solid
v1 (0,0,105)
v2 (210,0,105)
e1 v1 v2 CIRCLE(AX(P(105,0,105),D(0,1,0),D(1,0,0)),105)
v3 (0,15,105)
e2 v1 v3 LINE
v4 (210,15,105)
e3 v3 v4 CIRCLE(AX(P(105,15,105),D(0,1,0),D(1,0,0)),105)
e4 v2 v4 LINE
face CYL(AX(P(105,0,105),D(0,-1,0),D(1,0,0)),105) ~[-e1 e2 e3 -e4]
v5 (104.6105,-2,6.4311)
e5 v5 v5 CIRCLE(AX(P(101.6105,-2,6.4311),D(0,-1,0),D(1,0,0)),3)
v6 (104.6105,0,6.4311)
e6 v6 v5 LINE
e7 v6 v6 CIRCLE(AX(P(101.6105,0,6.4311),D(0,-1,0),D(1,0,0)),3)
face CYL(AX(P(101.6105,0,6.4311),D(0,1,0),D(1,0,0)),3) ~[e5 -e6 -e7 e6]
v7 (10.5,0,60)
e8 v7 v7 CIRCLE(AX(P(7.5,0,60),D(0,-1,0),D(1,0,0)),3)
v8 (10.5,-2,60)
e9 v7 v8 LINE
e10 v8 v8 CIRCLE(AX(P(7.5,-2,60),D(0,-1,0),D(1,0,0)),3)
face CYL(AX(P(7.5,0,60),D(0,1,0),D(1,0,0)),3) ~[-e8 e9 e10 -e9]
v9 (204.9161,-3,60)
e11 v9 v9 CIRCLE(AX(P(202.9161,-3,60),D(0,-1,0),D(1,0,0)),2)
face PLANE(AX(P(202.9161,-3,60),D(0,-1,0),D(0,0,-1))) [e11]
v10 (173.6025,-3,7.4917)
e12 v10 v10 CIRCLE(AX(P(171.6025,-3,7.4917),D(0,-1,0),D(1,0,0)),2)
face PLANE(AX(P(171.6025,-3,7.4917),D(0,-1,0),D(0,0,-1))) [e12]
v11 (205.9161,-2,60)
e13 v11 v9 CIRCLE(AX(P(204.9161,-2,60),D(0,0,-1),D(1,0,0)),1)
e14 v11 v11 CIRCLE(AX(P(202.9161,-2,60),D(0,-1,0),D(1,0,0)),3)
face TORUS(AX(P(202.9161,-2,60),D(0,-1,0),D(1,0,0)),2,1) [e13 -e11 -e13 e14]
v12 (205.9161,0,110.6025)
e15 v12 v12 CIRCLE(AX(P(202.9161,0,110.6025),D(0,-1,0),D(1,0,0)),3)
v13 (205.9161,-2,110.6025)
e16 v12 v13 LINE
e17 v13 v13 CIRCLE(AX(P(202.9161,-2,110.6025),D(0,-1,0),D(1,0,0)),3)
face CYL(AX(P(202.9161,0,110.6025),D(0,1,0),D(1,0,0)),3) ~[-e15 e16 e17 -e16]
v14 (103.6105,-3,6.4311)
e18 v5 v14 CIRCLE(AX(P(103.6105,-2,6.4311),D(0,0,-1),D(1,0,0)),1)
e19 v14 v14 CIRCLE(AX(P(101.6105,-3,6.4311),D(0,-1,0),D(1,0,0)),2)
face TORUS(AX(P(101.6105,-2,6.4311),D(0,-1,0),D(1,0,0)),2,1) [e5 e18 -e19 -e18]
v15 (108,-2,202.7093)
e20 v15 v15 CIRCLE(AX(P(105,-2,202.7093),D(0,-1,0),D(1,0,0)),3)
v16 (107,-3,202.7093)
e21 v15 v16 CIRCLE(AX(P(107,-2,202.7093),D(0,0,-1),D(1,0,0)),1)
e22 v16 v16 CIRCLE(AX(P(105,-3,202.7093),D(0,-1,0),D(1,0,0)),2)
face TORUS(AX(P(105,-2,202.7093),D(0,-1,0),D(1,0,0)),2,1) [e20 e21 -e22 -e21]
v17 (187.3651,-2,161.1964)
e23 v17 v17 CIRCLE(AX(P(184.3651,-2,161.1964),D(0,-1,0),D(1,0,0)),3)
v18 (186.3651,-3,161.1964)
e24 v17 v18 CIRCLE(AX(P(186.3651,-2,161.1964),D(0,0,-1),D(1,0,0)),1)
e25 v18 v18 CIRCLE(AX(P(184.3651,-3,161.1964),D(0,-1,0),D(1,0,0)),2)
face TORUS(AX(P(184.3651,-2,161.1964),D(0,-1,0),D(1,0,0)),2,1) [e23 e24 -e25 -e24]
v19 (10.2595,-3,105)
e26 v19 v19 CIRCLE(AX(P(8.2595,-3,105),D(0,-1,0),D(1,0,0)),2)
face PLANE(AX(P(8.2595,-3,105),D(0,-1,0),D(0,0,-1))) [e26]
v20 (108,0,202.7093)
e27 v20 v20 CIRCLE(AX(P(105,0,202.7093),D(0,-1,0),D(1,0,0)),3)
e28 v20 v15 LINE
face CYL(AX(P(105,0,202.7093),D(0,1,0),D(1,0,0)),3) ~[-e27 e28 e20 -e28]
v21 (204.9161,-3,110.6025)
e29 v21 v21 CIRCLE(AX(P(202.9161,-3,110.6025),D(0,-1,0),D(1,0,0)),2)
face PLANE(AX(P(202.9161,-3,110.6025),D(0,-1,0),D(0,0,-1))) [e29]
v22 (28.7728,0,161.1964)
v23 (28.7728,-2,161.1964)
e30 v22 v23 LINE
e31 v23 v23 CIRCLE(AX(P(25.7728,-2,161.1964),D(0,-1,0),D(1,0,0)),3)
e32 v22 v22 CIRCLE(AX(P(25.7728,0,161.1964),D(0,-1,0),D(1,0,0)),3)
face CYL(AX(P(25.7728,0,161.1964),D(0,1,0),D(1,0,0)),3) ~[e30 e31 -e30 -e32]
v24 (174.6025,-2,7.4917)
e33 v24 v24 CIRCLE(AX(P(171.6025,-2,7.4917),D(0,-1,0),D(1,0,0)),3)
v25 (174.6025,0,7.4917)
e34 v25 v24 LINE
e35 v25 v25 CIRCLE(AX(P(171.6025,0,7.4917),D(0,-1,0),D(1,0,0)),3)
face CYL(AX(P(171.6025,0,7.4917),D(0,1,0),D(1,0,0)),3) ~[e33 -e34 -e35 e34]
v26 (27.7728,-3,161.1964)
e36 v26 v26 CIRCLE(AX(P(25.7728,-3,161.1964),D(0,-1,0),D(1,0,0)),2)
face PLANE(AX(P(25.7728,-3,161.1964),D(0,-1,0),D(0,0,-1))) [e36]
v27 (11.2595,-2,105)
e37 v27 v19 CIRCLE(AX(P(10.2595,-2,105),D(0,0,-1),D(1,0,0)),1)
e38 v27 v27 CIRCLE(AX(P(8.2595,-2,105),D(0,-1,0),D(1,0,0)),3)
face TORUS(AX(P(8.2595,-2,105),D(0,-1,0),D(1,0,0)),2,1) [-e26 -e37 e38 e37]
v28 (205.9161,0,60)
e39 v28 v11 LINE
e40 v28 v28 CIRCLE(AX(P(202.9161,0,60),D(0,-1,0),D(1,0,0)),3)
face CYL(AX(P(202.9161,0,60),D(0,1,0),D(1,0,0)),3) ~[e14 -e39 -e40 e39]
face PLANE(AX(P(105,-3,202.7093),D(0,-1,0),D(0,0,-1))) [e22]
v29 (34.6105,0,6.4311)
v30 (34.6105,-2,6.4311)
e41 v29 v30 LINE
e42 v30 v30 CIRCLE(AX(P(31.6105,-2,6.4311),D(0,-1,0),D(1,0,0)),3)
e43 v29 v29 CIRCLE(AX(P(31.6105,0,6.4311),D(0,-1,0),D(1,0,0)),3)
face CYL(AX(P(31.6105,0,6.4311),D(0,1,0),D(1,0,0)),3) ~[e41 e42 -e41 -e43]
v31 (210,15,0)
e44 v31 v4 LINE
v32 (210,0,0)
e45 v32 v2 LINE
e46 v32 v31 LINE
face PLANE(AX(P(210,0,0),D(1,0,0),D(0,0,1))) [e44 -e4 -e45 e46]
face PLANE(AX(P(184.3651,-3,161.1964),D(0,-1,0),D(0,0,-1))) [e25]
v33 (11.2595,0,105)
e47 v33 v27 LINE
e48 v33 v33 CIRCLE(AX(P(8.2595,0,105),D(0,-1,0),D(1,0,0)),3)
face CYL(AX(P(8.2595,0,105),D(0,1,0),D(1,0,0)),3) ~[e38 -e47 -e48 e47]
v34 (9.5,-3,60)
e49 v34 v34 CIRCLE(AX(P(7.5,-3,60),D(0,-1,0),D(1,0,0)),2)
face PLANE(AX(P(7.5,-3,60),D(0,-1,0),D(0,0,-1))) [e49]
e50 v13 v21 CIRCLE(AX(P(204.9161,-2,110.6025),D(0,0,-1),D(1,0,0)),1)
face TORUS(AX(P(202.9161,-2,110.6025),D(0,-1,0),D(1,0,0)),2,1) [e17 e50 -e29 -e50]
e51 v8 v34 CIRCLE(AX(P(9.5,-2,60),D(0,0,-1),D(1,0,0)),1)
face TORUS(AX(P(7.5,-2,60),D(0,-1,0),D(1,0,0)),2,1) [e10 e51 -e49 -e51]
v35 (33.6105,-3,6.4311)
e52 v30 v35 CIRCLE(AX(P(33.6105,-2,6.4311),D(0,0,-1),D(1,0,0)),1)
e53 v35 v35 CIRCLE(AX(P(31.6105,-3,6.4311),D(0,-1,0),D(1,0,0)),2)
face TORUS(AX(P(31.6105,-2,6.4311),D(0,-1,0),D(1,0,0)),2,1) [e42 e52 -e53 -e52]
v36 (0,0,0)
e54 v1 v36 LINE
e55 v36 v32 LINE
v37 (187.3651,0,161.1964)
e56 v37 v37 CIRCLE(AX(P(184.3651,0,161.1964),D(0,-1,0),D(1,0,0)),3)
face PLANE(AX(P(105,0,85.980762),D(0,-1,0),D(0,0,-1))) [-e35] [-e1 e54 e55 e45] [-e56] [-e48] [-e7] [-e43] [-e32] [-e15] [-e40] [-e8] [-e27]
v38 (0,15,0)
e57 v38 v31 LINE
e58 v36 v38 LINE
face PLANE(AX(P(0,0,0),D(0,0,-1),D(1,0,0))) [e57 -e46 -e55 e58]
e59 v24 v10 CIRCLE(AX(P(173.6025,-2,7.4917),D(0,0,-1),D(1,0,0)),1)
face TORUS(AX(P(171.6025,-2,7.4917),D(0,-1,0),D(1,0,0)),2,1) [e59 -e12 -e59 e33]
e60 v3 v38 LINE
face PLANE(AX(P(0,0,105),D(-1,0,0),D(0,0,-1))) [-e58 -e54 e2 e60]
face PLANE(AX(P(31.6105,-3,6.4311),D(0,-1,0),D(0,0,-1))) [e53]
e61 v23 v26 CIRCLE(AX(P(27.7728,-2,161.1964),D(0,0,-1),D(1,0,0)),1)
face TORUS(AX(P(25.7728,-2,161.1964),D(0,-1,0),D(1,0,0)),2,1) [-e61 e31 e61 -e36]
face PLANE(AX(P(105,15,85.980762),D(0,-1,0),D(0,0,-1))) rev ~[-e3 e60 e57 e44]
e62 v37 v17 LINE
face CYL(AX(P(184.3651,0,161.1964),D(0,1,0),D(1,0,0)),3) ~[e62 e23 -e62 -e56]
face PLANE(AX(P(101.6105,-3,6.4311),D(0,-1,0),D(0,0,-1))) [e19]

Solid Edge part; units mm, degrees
sketch "Sketch1" plane through (0, 0, 0) normal (0, -1, 0) x (1, 0, 0)
  line L0 (210, 0) -> (210, 105)
  line L1 (0, 0) -> (210, 0)
  line L2 (0, 105) -> (0, 0)
  arc A0 (0, 105) -> (210, 105) centre (105, 105) cw
extrude "Protrusion1" add sketch "Sketch1" against normal blind 15
sketch "Sketch2" plane through (0, 0, 0) normal (0, -1, 0) x (1, 0, 0)
  circle A0 centre (105, 202.7093) radius 3
  circle A1 centre (184.3651, 161.1964) radius 3
  circle A2 centre (202.9161, 110.6025) radius 3
  circle A3 centre (202.9161, 60) radius 3
  circle A4 centre (171.6025, 7.4917) radius 3
  circle A5 centre (101.6105, 6.4311) radius 3
  circle A6 centre (7.5, 60) radius 3
  circle A7 centre (31.6105, 6.4311) radius 3
  circle A8 centre (8.2595, 105) radius 3
  circle A9 centre (25.7728, 161.1964) radius 3
extrude "ExtrudedProtrusion_2" add sketch "Sketch2" along normal blind 3
fillet "Round_3" radius 1 10 edges at (22.7728, -3, 161.1964) (102, -3, 202.7093) (181.3651, -3, 161.1964) (199.9161, -3, 110.6025) (199.9161, -3, 60) (168.6025, -3, 7.4917) (98.6105, -3, 6.4311) (28.6105, -3, 6.4311) (4.5, -3, 60) (5.2595, -3, 105)
